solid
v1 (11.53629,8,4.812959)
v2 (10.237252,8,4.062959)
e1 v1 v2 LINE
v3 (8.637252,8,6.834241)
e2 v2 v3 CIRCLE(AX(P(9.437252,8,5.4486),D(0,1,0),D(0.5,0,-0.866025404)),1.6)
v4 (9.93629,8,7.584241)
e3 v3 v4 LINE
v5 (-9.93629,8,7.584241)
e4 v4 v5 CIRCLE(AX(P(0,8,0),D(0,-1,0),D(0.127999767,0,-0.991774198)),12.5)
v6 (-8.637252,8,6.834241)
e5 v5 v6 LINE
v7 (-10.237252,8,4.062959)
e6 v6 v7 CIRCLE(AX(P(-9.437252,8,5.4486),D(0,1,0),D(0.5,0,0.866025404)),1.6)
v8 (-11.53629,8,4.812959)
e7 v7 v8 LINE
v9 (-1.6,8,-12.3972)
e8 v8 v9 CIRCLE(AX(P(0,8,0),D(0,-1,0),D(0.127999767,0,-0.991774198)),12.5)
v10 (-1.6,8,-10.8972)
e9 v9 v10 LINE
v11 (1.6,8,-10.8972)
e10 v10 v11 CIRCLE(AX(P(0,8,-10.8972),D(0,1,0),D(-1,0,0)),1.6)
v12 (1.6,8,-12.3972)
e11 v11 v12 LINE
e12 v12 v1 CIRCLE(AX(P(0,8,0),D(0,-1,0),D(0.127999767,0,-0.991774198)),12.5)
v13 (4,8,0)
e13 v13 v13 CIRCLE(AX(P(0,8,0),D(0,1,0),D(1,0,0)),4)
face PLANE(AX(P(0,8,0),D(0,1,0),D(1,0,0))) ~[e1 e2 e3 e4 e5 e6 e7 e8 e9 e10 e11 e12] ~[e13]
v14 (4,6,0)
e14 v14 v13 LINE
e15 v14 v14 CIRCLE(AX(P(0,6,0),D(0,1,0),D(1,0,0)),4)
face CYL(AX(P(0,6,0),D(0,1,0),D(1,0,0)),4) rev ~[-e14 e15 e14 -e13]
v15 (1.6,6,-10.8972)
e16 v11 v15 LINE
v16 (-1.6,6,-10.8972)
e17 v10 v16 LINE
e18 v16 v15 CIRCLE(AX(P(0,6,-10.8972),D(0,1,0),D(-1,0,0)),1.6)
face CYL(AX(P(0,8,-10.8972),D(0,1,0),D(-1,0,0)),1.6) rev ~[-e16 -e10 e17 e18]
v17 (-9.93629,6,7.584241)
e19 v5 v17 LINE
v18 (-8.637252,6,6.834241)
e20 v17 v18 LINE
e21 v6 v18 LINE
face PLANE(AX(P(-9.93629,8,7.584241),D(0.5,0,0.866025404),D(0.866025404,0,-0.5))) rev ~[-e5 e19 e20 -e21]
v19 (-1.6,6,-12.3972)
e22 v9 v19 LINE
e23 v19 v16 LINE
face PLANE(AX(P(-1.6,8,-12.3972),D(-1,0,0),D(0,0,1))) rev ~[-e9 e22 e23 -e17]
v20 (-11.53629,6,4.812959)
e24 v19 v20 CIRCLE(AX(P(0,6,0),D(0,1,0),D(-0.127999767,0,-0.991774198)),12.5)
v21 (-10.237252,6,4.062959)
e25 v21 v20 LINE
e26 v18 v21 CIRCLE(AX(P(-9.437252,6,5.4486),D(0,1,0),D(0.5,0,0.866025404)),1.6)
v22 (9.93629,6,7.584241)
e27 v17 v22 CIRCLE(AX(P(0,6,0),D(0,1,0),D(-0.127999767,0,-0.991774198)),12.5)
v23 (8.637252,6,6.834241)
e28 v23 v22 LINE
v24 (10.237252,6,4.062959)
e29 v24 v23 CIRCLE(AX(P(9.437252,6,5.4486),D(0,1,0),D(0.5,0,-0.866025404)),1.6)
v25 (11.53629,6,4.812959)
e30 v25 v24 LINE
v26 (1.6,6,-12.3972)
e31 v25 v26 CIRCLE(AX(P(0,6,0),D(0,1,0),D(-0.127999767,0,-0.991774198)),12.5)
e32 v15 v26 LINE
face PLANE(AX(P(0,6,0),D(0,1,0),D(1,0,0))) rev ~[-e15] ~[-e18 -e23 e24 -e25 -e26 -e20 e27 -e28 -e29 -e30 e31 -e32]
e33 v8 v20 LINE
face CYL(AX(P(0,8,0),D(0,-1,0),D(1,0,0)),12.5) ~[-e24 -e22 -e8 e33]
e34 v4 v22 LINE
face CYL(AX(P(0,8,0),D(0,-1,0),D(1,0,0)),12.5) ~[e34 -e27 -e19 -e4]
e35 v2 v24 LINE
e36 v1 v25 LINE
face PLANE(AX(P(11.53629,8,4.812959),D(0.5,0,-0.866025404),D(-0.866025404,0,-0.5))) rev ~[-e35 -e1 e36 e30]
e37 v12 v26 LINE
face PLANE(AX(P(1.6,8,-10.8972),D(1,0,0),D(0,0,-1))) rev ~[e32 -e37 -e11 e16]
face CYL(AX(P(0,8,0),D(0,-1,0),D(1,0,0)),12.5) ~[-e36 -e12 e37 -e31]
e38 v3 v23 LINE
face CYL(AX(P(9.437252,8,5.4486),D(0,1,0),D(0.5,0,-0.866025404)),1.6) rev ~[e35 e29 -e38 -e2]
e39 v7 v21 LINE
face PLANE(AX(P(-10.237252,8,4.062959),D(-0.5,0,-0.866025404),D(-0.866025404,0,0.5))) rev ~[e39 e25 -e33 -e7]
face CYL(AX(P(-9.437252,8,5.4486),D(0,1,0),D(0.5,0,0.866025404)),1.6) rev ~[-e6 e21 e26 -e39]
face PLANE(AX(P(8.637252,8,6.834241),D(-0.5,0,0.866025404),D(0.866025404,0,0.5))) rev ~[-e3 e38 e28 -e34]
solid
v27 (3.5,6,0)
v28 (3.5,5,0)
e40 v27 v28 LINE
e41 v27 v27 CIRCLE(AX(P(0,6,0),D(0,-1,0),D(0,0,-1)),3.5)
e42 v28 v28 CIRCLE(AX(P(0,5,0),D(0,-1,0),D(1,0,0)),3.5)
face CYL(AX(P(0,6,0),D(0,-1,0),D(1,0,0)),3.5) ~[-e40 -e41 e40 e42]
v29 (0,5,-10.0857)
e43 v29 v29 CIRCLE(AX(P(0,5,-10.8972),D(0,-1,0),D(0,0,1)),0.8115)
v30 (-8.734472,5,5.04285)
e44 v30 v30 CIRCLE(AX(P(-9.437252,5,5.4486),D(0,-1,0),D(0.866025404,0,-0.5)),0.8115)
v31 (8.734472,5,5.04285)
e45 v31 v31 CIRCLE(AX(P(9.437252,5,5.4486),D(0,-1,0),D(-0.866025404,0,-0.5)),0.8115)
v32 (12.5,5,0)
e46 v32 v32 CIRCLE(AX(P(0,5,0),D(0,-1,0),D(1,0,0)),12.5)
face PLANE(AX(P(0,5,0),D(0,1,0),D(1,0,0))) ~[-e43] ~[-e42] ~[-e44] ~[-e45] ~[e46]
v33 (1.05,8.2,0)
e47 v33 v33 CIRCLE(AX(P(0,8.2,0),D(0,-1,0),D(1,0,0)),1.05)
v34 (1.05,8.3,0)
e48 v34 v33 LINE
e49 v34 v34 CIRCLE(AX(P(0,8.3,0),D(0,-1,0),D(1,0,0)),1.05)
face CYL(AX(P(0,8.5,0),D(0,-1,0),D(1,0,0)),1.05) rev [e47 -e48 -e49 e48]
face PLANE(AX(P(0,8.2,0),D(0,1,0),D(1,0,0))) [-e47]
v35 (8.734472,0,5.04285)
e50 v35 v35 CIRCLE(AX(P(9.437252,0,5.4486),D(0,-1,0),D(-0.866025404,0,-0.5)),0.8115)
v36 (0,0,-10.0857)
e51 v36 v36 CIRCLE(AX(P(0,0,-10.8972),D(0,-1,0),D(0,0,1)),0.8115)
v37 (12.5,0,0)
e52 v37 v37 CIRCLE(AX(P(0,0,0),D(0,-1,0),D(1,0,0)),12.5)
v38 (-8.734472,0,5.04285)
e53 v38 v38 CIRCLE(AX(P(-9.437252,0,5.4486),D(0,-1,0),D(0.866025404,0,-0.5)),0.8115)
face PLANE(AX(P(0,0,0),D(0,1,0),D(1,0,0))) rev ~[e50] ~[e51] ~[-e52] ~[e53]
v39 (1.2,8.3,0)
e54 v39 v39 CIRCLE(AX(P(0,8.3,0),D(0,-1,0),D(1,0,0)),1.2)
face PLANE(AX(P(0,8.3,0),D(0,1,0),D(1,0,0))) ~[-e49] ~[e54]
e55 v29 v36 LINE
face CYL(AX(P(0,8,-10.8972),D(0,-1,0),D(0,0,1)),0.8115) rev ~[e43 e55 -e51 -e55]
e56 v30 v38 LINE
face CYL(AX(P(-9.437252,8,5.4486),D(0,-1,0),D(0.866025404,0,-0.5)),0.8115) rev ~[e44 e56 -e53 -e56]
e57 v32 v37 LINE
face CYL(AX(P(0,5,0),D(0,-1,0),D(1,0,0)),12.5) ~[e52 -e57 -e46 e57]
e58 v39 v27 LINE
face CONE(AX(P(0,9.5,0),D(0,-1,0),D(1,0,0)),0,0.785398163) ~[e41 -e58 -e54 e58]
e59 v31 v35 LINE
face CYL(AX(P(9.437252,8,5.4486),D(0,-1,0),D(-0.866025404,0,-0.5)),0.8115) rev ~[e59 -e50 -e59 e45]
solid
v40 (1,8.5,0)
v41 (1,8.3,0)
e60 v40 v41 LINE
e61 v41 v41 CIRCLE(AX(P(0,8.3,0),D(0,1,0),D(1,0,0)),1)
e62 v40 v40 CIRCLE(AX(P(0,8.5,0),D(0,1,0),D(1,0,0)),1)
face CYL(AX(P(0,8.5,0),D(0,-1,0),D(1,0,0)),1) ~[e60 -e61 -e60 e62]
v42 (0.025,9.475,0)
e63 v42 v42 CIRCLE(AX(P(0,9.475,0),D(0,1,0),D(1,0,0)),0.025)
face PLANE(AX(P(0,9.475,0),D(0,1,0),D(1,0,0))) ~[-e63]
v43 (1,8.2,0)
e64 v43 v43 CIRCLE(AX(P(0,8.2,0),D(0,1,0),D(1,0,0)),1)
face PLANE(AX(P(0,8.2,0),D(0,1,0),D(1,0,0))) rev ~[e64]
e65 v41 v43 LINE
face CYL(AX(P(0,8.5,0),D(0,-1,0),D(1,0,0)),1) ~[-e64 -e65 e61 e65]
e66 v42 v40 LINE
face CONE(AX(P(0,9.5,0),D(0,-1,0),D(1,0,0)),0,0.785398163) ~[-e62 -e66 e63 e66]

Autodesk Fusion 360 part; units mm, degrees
sketch "Sketch1" plane through (0, 0, 0) normal (0, 0, 1) x (1, 0, 0)
  line L0 (0, 0) -> (0, 9.5)
  line L1 (0, 9.5) -> (3.5, 6)
  line L2 (3.5, 6) -> (3.5, 5)
  line L3 (3.5, 5) -> (12.5, 5)
  line L4 (12.5, 5) -> (12.5, 0)
  line L5 (12.5, 0) -> (0, 0)
  line L6 (0, 9.475) -> (0.025, 9.475)
  line L7 (12.5, 8) -> (12.5, 6)
  line L8 (12.5, 6) -> (4, 6)
  line L9 (4, 6) -> (4, 8)
  line L10 (4, 8) -> (12.5, 8)
  line L11 (1, 8.5) -> (1, 8.2)
  line L12 (1, 8.2) -> (0, 8.2)
  line L13 (1, 8.3) -> (1.2, 8.3)
  dimension "d1" = 12.5
  dimension "d2" = 3.5
  dimension "d3" = 45
  dimension "d4" = 1
  dimension "d5" = 5
  dimension "d7" = 0.025
  dimension "d8" = 8.5
  dimension "d10" = 2
  dimension "d20" = 1
  dimension "d21" = 1.3
  dimension "d22" = 0.1
revolve "Revolve1" add sketch "Sketch1" angle 360 about axis through (0, 0, 0) along (0, 1, 0) contours L0 L1 L2 L3 L4 L5 L11 L12 L13 | L7 L8 L9 L10 makes body 1 at (-3.3879, 0, 0.621) makes body 2 at (9.6201, 8, 0.621)
sketch "Sketch3" plane through (0, 8, 0) normal (0, 1, 0) x (-1, 0, 0)
  circle A0 centre (0, 0) radius 4
  circle A1 centre (0, 0) radius 12.5
  circle A2 centre (0, 0) radius 12.5
  line L0 (1.6, -12.3972) -> (1.6, -10.8972)
  arc A3 (1.6, -10.8972) -> (-1.6, -10.8972) centre (0, -10.8972) ccw
  line L1 (-1.6, -10.8972) -> (-1.6, -12.3972)
  dimension "d11" = 1.6
  dimension "d12" = 1.5
extrude "Extrude1" cut sketch "Sketch3" against normal blind 2 contours A1 A2 L0 A3 L1 picked at (-0.1782, -11.4276) bodies 2
hole "Hole1" at (0, 8, -10.8972) direction (0, -1, 0) diameter 1.623 depth 10 tip angle 118 bodies 1
pattern_circular "C-Pattern1" count 3 over 360 about axis through (0, 1.75, 0) along (0, 1, 0) of "Extrude1", "Hole1"
revolve "Revolve2" add sketch "Sketch1" angle 360 about axis through (0, 0, 0) along (0, 1, 0) separate body contours L0 L1 L6 L11 L12 makes body 3
move_face "OffsetFaces1" offset -0.05 1 faces at (0.9988, 8.2667, 0.0498) on bodies 1
copy_body "Body->Comp1" bodies 1 removing the originals makes body 4 in component "form"
copy_body "Body->Comp2" bodies 2 removing the originals makes body 5 in component "clamp"
copy_body "Body->Comp3" bodies 3 removing the originals makes body 6 in component "thorn"
component "form" placed x (1, 0, 0) y (0, 1, 0) z (0, 0, 1) at (0, 0, 0)
component "clamp" placed x (1, 0, 0) y (0, 1, 0) z (0, 0, 1) at (0, 0, 0)
component "thorn" placed x (1, 0, 0) y (0, 1, 0) z (0, 0, 1) at (0, 0, 0)
